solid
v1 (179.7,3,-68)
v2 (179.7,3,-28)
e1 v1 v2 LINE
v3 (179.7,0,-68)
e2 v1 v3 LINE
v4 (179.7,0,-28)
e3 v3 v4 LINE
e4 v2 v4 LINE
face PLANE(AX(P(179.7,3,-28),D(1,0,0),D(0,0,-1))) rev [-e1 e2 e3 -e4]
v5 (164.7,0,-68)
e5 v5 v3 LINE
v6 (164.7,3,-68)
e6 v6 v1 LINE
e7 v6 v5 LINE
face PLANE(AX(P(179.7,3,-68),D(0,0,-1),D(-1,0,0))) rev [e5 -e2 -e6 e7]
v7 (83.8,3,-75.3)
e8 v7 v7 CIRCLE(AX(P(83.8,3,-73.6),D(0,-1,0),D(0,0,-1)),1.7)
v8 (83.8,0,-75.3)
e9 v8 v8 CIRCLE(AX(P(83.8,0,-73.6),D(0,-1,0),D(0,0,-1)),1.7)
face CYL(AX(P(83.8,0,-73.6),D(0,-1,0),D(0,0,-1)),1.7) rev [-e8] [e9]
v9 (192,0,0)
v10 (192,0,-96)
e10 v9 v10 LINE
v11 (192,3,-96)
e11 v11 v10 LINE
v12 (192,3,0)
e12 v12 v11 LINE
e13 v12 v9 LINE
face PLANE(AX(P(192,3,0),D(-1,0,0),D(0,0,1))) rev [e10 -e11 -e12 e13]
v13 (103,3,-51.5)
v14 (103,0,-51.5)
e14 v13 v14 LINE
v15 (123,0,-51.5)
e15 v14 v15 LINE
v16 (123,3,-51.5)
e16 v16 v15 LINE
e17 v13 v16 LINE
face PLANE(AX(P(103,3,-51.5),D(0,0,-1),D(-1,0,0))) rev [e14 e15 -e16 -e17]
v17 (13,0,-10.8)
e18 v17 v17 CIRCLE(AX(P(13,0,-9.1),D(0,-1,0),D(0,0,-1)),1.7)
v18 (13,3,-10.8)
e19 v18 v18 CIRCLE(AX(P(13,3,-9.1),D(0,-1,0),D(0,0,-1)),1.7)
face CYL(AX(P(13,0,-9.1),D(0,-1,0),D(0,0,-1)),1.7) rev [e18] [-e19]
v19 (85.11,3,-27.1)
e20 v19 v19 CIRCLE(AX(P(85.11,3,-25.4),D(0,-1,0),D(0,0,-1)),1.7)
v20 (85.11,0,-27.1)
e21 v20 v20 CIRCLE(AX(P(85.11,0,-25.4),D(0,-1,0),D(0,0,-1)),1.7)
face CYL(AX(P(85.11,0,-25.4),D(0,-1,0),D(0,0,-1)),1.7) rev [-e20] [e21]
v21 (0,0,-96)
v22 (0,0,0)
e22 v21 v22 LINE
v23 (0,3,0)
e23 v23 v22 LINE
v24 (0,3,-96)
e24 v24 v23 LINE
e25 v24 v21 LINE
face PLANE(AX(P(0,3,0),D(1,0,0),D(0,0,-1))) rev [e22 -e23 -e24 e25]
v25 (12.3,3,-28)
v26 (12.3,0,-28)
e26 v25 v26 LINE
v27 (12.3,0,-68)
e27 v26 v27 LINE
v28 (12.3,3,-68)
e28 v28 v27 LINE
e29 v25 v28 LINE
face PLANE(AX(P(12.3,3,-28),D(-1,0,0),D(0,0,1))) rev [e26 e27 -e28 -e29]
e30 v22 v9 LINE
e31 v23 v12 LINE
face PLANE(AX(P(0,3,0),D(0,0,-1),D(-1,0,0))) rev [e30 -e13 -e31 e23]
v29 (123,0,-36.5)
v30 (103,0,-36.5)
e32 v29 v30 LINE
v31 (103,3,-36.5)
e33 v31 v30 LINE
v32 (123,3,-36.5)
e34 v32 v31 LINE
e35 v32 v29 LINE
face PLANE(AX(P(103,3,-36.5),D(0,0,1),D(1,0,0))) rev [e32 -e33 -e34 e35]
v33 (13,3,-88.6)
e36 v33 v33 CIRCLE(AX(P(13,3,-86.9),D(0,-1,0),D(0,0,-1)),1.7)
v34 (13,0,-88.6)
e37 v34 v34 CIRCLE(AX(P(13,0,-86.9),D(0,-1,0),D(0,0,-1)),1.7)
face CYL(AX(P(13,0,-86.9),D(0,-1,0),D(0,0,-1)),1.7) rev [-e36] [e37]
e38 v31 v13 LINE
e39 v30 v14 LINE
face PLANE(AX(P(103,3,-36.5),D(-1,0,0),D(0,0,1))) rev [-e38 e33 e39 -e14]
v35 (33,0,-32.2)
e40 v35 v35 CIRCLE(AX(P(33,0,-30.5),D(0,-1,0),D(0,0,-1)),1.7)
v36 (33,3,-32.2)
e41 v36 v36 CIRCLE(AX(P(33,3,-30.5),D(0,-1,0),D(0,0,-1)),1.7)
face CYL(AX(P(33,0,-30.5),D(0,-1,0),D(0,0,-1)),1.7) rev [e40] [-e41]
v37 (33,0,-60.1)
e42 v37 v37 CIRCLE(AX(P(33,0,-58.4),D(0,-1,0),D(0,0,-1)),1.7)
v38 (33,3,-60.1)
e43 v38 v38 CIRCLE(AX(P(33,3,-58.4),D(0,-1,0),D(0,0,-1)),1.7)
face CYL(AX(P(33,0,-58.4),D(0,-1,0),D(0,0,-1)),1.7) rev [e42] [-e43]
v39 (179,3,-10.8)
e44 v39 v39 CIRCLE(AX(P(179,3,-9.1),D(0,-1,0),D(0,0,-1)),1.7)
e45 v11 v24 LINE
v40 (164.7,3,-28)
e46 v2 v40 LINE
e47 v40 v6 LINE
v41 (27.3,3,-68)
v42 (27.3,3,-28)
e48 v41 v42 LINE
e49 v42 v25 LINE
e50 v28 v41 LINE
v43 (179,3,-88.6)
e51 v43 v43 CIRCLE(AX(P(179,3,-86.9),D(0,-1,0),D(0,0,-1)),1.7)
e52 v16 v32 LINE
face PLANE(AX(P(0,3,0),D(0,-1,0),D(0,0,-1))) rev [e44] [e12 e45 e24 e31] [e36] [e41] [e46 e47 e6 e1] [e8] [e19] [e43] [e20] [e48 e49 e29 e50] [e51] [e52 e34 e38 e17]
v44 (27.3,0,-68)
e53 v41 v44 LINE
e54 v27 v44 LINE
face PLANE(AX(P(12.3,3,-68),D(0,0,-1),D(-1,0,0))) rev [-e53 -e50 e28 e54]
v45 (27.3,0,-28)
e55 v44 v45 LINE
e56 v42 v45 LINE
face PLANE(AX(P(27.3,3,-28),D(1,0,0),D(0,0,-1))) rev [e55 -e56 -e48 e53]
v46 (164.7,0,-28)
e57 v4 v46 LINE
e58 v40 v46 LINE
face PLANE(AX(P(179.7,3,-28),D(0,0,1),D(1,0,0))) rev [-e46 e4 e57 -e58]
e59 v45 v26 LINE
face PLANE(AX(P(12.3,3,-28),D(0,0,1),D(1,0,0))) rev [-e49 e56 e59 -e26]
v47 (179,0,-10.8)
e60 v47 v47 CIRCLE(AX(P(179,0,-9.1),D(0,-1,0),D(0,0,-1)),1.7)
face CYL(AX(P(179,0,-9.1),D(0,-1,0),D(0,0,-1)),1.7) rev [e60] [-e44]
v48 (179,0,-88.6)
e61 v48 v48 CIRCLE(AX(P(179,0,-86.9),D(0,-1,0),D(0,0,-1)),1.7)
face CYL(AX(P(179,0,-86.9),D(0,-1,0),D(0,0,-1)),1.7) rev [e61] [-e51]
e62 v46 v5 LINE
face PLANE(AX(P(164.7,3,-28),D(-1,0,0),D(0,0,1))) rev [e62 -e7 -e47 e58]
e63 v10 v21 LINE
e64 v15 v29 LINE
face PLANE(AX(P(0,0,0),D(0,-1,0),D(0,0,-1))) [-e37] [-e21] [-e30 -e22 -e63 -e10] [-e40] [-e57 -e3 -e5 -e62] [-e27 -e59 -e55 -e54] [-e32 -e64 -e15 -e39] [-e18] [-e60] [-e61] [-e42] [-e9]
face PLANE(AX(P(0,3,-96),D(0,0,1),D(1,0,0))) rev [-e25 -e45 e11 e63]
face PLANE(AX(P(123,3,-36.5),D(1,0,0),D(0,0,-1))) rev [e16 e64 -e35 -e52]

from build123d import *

# Parameters (mm, degrees)
SKETCH1_W            = 192
SKETCH1_H            = 96
BOSS_EXTRUDE1_DEPTH  = 3
M3_CLEARANCE_HOLE1_D = 3.4
SKETCH6_W            = 15
SKETCH6_H            = 40
SKETCH6_W_2          = 20
SKETCH6_H_2          = 15
CUT_EXTRUDE1_DEPTH   = 215.683487954
M3_CLEARANCE_HOLE2_D = 3.4


with BuildPart() as part:
    # Sketch1 → Boss-Extrude1 (new body)
    with BuildSketch(Plane(origin=(0, 0, 0), x_dir=(1, 0, 0), z_dir=(0, 1, 0))):
        with Locations((96, 48)):
            Rectangle(SKETCH1_W, SKETCH1_H)
    extrude(amount=BOSS_EXTRUDE1_DEPTH)

    # M3 Clearance Hole1 (through all)
    with Locations(Plane(origin=(0, 0, 0), x_dir=(-1, 0, 0), z_dir=(0, -1, 0))):
        with Locations((-13, 9.1), (-179, 9.1), (-179, 86.9), (-13, 86.9)):
            Hole(M3_CLEARANCE_HOLE1_D / 2)

    # Sketch6 → Cut-Extrude1 (cut, through all)
    with BuildSketch(Plane.XZ):
        with Locations((19.8, -48)):
            Rectangle(SKETCH6_W, SKETCH6_H)
        with Locations((172.2, -48)):
            Rectangle(SKETCH6_W, SKETCH6_H)
        with Locations((113, -44)):
            Rectangle(SKETCH6_W_2, SKETCH6_H_2)
    extrude(amount=-CUT_EXTRUDE1_DEPTH, mode=Mode.SUBTRACT)

    # M3 Clearance Hole2 (through all)
    with Locations(Plane(origin=(0, 0, 0), x_dir=(-1, 0, 0), z_dir=(0, -1, 0))):
        with Locations((-33, 58.4), (-33, 30.5), (-85.11, 25.4), (-83.8, 73.6)):
            Hole(M3_CLEARANCE_HOLE2_D / 2)


solid = part.part
